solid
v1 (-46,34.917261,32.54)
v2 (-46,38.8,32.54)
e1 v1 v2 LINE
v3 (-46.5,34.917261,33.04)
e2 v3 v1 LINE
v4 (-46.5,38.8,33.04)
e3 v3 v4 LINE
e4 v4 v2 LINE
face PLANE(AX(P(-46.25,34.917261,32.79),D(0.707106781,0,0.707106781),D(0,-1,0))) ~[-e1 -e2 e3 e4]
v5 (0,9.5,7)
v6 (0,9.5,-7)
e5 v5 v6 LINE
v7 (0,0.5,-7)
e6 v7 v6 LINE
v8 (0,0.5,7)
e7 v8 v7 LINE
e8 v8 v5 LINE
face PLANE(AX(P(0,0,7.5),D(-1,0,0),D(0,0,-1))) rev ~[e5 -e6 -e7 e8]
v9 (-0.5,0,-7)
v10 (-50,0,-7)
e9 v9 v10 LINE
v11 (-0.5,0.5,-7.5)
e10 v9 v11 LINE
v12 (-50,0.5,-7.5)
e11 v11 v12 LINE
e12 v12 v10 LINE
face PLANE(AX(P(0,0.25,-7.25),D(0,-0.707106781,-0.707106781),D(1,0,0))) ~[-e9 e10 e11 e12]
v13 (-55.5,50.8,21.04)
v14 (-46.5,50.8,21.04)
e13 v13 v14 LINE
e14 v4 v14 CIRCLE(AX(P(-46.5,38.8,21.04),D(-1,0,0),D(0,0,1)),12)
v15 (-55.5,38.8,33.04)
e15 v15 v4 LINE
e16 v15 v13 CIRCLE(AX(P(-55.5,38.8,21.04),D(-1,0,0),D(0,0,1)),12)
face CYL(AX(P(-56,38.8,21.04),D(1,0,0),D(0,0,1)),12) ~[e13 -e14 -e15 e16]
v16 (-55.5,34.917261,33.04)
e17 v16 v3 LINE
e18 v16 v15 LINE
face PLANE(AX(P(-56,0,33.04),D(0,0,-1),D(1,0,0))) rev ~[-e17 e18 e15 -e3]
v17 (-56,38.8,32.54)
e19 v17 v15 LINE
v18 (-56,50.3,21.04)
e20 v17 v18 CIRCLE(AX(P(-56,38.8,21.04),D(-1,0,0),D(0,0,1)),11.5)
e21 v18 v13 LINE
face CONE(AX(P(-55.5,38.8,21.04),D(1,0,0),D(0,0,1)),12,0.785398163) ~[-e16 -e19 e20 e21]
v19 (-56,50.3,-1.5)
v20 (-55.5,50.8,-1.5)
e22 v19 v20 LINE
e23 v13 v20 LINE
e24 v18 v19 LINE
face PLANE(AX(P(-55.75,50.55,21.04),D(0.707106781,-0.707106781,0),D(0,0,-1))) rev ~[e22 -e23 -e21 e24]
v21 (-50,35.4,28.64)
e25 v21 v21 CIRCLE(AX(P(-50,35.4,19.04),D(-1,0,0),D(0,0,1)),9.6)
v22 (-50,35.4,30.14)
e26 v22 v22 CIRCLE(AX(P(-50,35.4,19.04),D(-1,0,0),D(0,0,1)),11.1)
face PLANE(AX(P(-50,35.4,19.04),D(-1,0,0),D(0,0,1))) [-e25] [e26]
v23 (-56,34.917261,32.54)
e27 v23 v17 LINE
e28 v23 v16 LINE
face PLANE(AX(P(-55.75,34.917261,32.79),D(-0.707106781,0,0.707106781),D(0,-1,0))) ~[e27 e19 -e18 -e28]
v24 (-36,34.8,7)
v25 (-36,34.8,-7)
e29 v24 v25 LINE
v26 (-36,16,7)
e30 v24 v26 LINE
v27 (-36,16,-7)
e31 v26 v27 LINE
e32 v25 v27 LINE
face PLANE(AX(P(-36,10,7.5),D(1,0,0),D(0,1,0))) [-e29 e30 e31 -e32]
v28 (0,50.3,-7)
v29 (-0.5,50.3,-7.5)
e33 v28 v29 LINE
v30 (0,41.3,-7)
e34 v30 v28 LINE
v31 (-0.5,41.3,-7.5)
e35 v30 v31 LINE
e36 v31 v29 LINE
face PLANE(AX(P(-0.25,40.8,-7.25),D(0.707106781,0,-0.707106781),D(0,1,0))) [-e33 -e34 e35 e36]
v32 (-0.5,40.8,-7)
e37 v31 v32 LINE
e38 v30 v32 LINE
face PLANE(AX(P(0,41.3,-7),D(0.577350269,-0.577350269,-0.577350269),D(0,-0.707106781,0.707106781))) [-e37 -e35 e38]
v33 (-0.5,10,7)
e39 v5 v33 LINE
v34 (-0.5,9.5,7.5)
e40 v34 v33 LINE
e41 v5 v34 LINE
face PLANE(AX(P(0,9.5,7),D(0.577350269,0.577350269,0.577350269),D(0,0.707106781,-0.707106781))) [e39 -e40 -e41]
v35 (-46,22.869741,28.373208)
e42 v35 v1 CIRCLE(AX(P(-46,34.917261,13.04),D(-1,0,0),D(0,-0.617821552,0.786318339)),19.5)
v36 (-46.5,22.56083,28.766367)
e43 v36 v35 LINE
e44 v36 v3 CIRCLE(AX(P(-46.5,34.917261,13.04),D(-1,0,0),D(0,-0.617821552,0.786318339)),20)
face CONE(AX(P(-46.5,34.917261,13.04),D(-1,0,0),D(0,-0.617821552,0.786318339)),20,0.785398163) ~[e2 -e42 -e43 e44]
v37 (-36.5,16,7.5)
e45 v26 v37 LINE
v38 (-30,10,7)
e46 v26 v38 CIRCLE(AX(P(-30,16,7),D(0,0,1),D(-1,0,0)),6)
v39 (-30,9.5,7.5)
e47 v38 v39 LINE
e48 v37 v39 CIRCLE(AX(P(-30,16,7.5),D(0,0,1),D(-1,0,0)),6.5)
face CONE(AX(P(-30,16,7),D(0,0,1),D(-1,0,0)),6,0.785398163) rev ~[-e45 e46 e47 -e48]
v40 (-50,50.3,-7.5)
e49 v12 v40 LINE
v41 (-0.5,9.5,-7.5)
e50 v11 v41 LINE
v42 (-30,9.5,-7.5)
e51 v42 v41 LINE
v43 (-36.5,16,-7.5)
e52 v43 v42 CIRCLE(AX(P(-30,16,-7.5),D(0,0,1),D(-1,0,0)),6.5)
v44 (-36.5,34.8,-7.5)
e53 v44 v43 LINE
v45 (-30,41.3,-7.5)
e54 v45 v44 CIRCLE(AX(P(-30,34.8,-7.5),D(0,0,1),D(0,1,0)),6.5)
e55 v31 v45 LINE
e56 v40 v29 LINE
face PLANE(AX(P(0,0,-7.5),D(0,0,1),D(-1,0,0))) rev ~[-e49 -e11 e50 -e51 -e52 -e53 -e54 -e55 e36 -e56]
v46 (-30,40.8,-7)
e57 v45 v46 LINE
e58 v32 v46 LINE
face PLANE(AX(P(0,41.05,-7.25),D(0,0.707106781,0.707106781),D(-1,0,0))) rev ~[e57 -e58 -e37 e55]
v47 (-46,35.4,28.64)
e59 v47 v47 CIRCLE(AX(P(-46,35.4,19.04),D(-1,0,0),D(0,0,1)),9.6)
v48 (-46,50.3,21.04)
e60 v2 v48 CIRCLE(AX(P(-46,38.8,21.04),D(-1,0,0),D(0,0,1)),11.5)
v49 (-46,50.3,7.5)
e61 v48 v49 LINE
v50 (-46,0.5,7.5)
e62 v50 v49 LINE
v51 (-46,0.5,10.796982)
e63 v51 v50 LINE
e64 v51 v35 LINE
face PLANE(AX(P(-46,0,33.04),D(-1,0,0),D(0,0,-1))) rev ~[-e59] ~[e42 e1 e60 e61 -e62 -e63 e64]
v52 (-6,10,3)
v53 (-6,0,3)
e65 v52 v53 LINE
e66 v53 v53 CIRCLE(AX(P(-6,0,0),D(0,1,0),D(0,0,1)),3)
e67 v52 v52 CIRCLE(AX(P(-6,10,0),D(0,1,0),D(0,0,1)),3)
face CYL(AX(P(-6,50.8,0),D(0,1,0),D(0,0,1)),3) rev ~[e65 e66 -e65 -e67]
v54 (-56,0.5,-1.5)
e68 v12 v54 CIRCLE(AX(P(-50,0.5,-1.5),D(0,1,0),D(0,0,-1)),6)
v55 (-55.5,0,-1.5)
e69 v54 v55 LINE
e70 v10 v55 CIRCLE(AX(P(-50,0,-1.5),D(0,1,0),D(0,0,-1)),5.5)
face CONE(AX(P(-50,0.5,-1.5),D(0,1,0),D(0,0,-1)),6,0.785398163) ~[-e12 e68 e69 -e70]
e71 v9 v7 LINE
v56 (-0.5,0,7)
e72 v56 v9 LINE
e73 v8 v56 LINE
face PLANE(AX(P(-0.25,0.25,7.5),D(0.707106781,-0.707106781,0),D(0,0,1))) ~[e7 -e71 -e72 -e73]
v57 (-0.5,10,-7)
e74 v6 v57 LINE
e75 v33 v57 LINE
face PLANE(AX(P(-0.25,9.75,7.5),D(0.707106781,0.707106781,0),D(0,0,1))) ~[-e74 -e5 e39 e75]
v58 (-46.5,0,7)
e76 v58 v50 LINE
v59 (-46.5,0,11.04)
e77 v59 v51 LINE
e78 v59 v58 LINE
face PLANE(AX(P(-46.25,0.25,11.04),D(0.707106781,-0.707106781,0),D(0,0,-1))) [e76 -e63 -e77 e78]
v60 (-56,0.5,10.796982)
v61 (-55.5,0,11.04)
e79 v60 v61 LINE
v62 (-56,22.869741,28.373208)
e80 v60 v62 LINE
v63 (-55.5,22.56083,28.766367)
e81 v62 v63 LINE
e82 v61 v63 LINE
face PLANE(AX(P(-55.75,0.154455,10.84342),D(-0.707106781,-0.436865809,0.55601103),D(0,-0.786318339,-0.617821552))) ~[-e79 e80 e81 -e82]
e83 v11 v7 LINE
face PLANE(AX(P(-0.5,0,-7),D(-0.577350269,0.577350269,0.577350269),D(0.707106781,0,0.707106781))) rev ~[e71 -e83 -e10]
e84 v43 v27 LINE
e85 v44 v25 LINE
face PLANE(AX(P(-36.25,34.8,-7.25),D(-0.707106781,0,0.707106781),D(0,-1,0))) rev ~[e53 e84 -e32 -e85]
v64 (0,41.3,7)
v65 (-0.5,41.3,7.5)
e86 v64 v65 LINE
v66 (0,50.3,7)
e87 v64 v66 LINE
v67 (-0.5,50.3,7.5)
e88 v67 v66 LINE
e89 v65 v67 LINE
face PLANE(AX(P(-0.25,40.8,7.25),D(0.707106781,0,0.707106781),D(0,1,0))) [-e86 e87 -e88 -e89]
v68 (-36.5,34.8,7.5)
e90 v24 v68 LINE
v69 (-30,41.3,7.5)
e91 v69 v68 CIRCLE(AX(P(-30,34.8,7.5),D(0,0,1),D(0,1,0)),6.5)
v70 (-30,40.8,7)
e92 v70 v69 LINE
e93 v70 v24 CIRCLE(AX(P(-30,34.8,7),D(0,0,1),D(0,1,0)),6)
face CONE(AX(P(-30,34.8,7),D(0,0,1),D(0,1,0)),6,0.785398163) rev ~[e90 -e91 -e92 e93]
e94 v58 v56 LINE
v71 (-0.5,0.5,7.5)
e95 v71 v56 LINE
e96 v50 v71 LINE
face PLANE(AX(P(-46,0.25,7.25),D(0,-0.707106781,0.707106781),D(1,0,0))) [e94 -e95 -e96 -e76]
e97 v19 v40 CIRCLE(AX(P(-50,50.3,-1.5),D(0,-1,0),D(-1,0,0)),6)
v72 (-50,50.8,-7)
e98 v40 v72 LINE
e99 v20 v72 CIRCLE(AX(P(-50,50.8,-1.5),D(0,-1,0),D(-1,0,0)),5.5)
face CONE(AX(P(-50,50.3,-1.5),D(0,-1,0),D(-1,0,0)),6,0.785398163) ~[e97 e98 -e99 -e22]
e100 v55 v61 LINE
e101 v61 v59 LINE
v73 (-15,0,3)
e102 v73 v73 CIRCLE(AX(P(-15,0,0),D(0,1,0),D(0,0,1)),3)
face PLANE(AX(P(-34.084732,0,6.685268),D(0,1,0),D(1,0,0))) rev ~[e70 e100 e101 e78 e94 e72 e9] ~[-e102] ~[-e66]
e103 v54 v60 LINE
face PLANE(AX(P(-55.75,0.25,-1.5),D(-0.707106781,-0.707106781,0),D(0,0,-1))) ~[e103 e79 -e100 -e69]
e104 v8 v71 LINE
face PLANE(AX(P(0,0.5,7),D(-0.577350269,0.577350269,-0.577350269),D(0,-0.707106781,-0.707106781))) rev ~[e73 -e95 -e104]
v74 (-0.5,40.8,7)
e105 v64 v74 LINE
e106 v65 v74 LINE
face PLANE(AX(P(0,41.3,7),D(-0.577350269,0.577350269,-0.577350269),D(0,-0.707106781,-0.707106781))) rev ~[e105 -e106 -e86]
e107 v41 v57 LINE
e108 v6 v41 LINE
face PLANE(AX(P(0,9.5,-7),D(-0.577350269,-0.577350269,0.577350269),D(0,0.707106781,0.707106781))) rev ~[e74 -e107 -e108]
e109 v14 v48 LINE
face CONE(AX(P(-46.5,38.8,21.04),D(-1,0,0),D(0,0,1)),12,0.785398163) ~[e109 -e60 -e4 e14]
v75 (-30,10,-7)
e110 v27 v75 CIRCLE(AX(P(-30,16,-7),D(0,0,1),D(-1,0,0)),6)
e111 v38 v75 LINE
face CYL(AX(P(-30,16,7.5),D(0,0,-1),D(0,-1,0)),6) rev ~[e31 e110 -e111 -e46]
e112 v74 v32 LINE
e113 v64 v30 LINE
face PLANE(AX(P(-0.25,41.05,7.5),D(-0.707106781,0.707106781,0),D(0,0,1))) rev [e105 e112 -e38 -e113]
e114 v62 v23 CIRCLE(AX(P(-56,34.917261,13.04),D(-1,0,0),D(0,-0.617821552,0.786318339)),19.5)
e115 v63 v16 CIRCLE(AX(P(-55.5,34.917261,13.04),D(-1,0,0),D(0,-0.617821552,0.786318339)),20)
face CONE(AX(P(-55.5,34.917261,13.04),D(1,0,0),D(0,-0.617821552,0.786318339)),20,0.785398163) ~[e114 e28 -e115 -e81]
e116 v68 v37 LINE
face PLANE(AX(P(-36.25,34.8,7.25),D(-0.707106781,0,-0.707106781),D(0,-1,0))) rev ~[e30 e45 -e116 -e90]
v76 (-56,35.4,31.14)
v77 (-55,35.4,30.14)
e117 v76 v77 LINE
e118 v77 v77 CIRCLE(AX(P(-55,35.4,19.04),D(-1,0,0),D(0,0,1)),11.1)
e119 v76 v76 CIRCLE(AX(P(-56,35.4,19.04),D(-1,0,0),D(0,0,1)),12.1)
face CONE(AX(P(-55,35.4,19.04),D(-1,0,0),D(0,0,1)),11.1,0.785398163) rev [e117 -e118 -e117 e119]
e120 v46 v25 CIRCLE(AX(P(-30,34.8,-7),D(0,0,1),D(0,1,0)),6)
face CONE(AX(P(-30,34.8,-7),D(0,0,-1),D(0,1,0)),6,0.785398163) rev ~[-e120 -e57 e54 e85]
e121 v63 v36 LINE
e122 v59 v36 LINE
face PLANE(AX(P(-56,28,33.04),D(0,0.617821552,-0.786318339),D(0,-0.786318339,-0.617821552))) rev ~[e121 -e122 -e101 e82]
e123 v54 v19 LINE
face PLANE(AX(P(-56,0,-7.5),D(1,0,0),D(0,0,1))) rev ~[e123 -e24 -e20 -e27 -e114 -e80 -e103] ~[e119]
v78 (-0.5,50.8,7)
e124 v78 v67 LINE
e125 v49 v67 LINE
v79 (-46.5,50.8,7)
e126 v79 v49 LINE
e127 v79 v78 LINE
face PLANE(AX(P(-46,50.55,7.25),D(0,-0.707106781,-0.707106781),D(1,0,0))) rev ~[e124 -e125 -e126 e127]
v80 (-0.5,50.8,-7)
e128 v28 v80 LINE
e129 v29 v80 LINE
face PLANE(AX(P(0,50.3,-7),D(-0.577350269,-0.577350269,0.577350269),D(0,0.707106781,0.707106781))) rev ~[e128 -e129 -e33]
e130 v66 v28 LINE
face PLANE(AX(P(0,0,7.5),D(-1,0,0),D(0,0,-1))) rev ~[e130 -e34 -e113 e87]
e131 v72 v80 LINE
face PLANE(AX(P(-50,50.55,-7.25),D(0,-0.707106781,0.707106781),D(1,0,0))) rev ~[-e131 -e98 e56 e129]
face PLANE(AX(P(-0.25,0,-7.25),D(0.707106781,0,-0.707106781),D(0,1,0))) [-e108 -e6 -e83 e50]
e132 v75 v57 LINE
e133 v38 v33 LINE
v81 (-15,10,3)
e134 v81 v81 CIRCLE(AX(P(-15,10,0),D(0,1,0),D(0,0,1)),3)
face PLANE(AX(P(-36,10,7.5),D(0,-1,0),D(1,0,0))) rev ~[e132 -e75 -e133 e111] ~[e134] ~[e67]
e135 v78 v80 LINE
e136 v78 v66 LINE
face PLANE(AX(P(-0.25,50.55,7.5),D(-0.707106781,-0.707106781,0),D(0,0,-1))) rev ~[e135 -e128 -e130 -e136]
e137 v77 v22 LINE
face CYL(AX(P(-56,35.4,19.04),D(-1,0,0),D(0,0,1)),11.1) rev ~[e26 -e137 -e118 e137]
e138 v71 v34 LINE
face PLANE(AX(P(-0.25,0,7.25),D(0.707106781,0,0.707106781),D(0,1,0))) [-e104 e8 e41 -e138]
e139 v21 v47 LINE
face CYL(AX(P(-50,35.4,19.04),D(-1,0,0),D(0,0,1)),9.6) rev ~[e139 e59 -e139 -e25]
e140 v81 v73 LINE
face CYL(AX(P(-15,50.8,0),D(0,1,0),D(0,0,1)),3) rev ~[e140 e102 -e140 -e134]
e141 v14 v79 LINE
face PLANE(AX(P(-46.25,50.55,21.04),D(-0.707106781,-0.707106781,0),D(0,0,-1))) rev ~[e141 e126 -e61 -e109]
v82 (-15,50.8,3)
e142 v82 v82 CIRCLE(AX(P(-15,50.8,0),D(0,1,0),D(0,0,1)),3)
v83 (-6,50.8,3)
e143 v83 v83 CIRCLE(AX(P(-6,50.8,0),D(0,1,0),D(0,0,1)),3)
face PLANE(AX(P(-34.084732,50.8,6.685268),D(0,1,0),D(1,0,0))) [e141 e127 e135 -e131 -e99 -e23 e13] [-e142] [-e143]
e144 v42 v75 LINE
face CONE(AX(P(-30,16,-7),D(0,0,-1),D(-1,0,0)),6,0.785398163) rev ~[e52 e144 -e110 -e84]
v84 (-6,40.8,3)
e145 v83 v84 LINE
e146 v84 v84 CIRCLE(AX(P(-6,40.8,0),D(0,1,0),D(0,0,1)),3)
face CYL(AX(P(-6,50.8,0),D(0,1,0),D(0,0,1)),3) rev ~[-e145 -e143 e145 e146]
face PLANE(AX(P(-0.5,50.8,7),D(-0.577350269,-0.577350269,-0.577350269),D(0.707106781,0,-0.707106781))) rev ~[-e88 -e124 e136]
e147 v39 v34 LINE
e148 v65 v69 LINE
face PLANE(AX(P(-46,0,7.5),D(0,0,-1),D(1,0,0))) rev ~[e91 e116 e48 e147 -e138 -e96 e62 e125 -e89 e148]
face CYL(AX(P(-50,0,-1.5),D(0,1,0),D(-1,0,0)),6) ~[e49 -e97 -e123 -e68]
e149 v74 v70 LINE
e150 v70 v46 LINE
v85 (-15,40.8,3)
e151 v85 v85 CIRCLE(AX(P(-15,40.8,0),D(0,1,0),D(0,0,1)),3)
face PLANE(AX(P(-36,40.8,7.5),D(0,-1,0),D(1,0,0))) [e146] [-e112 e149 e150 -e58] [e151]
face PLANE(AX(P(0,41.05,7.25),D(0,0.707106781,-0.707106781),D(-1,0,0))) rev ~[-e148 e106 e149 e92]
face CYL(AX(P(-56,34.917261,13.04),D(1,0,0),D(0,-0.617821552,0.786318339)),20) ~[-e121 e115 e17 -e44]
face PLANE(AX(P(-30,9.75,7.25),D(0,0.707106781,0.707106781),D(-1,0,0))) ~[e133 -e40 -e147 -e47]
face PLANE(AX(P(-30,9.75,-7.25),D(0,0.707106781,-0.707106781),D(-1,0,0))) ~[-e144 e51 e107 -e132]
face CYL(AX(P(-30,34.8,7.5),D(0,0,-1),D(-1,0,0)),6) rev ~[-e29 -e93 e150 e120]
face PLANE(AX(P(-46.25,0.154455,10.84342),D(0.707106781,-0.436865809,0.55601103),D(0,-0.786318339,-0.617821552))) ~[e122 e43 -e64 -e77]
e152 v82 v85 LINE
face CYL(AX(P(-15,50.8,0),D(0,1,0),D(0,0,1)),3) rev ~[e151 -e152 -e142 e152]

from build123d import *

# Parameters (mm, degrees)
BOSS_EXTRUDE1_DEPTH = 50.8
SKETCH2_R           = 11.1
CUT_EXTRUDE1_DEPTH  = 6
SKETCH4_R           = 9.6
CUT_EXTRUDE2_DEPTH  = 79.563869558
SKETCH5_R           = 3
CUT_EXTRUDE3_DEPTH  = 83.512311809
CUT_EXTRUDE4_DEPTH  = 83.512311809
FILLET3_R           = 20
FILLET4_R           = 12
SKETCH8_W           = 36
SKETCH8_H           = 30.8
CUT_EXTRUDE5_DEPTH  = 80.805586271
CHAMFER2_SIZE       = 1
FILLET6_R           = 6
FILLET5_R           = 6
CHAMFER3_SIZE       = 0.5


with BuildPart() as part:
    # Sketch1 → Boss-Extrude1 (new body)
    with BuildSketch(Plane(origin=(0, 0, 0), x_dir=(1, 0, 0), z_dir=(0, 1, 0))):
        Polygon((-56, 7.5), (-56, -33.04), (-46, -33.04), (-46, -7.5), (0, -7.5), (0, 7.5), align=None)
    extrude(amount=BOSS_EXTRUDE1_DEPTH)

    # Sketch2 → Cut-Extrude1 (cut)
    with BuildSketch(Plane.ZY.offset(56)):
        with Locations((19.04, 35.4)):
            Circle(SKETCH2_R)
    extrude(amount=-CUT_EXTRUDE1_DEPTH, mode=Mode.SUBTRACT)

    # Sketch4 → Cut-Extrude2 (cut, through all)
    with BuildSketch(Plane.ZY.offset(50)):
        with Locations((19.04, 35.4)):
            Circle(SKETCH4_R)
    extrude(amount=-CUT_EXTRUDE2_DEPTH, mode=Mode.SUBTRACT)

    # Sketch5 → Cut-Extrude3 (cut, through all)
    with BuildSketch(Plane(origin=(0, 50.8, 0), x_dir=(1, 0, 0), z_dir=(0, 1, 0))):
        with Locations(Location((-6, 0, 0), (0, 0, 270))):
            Circle(SKETCH5_R)
        with Locations(Location((-15, 0, 0), (0, 0, 270))):
            Circle(SKETCH5_R)
    extrude(amount=-CUT_EXTRUDE3_DEPTH, mode=Mode.SUBTRACT)

    # Sketch6 → Cut-Extrude4 (cut, through all)
    with BuildSketch(Plane.ZY.offset(56)):
        Polygon((11.04, 0), (33.04, 0), (33.04, 28), align=None)
    extrude(amount=-CUT_EXTRUDE4_DEPTH, mode=Mode.SUBTRACT)

    # Fillet3
    fillet3_edges = [part.edges().sort_by_distance(p)[0] for p in [
        (-51, 28, 33.04),
    ]]
    fillet(fillet3_edges, radius=FILLET3_R)

    # Fillet4
    fillet4_edges = [part.edges().sort_by_distance(p)[0] for p in [
        (-51, 50.8, 33.04),
    ]]
    fillet(fillet4_edges, radius=FILLET4_R)

    # Sketch8 → Cut-Extrude5 (cut, through all)
    with BuildSketch(Plane.XY.offset(7.5)):
        with Locations((-18, 25.4)):
            Rectangle(SKETCH8_W, SKETCH8_H)
    extrude(amount=-CUT_EXTRUDE5_DEPTH, mode=Mode.SUBTRACT)

    # Chamfer2
    chamfer2_edges = [part.edges().sort_by_distance(p)[0] for p in [
        (-56, 35.4, 7.94),
    ]]
    chamfer(chamfer2_edges, length=CHAMFER2_SIZE)

    # Fillet6
    fillet6_edges = [part.edges().sort_by_distance(p)[0] for p in [
        (-56, 25.4, -7.5),
    ]]
    fillet(fillet6_edges, radius=FILLET6_R)

    # Fillet5
    fillet5_edges = [part.edges().sort_by_distance(p)[0] for p in [
        (-36, 40.8, 0),
        (-36, 10, 0),
    ]]
    fillet(fillet5_edges, radius=FILLET5_R)

    # Chamfer3
    chamfer3_edges = [part.edges().sort_by_distance(p)[0] for p in [
        (-54.242640687, 50.8, -5.742640687),
        (-15, 10, 7.5),
        (-15, 10, -7.5),
        (-36, 25.4, 7.5),
        (-36, 25.4, -7.5),
        (-34.242640687, 11.757359313, 7.5),
        (-34.242640687, 11.757359313, -7.5),
        (-34.242640687, 39.042640687, 7.5),
        (0, 45.8, 7.5),
        (-34.242640687, 39.042640687, -7.5),
        (0, 45.8, -7.5),
        (-46, 50.8, 14.27),
        (-23, 50.8, 7.5),
        (-46, 11.280415221, 19.903183388),
        (0, 50.8, 0),
        (-56, 11.280415221, 19.903183388),
        (-56, 28.37995835, 31.941419729),
        (-46, 28.37995835, 31.941419729),
        (-46, 36.858630741, 33.04),
        (-46, 47.285281374, 29.525281374),
        (-56, 36.858630741, 33.04),
        (-56, 47.285281374, 29.525281374),
        (-23, 0, 7.5),
        (-46, 0, 9.27),
        (0, 5, 7.5),
        (0, 5, -7.5),
        (0, 10, 0),
        (-15, 40.8, -7.5),
        (0, 40.8, 0),
        (-15, 40.8, 7.5),
        (-25, 0, -7.5),
        (0, 0, 0),
        (-25, 50.8, -7.5),
        (-56, 50.8, 9.77),
        (-56, 0, 4.77),
        (-54.242640687, 0, -5.742640687),
    ]]
    chamfer(chamfer3_edges, length=CHAMFER3_SIZE)


solid = part.part
